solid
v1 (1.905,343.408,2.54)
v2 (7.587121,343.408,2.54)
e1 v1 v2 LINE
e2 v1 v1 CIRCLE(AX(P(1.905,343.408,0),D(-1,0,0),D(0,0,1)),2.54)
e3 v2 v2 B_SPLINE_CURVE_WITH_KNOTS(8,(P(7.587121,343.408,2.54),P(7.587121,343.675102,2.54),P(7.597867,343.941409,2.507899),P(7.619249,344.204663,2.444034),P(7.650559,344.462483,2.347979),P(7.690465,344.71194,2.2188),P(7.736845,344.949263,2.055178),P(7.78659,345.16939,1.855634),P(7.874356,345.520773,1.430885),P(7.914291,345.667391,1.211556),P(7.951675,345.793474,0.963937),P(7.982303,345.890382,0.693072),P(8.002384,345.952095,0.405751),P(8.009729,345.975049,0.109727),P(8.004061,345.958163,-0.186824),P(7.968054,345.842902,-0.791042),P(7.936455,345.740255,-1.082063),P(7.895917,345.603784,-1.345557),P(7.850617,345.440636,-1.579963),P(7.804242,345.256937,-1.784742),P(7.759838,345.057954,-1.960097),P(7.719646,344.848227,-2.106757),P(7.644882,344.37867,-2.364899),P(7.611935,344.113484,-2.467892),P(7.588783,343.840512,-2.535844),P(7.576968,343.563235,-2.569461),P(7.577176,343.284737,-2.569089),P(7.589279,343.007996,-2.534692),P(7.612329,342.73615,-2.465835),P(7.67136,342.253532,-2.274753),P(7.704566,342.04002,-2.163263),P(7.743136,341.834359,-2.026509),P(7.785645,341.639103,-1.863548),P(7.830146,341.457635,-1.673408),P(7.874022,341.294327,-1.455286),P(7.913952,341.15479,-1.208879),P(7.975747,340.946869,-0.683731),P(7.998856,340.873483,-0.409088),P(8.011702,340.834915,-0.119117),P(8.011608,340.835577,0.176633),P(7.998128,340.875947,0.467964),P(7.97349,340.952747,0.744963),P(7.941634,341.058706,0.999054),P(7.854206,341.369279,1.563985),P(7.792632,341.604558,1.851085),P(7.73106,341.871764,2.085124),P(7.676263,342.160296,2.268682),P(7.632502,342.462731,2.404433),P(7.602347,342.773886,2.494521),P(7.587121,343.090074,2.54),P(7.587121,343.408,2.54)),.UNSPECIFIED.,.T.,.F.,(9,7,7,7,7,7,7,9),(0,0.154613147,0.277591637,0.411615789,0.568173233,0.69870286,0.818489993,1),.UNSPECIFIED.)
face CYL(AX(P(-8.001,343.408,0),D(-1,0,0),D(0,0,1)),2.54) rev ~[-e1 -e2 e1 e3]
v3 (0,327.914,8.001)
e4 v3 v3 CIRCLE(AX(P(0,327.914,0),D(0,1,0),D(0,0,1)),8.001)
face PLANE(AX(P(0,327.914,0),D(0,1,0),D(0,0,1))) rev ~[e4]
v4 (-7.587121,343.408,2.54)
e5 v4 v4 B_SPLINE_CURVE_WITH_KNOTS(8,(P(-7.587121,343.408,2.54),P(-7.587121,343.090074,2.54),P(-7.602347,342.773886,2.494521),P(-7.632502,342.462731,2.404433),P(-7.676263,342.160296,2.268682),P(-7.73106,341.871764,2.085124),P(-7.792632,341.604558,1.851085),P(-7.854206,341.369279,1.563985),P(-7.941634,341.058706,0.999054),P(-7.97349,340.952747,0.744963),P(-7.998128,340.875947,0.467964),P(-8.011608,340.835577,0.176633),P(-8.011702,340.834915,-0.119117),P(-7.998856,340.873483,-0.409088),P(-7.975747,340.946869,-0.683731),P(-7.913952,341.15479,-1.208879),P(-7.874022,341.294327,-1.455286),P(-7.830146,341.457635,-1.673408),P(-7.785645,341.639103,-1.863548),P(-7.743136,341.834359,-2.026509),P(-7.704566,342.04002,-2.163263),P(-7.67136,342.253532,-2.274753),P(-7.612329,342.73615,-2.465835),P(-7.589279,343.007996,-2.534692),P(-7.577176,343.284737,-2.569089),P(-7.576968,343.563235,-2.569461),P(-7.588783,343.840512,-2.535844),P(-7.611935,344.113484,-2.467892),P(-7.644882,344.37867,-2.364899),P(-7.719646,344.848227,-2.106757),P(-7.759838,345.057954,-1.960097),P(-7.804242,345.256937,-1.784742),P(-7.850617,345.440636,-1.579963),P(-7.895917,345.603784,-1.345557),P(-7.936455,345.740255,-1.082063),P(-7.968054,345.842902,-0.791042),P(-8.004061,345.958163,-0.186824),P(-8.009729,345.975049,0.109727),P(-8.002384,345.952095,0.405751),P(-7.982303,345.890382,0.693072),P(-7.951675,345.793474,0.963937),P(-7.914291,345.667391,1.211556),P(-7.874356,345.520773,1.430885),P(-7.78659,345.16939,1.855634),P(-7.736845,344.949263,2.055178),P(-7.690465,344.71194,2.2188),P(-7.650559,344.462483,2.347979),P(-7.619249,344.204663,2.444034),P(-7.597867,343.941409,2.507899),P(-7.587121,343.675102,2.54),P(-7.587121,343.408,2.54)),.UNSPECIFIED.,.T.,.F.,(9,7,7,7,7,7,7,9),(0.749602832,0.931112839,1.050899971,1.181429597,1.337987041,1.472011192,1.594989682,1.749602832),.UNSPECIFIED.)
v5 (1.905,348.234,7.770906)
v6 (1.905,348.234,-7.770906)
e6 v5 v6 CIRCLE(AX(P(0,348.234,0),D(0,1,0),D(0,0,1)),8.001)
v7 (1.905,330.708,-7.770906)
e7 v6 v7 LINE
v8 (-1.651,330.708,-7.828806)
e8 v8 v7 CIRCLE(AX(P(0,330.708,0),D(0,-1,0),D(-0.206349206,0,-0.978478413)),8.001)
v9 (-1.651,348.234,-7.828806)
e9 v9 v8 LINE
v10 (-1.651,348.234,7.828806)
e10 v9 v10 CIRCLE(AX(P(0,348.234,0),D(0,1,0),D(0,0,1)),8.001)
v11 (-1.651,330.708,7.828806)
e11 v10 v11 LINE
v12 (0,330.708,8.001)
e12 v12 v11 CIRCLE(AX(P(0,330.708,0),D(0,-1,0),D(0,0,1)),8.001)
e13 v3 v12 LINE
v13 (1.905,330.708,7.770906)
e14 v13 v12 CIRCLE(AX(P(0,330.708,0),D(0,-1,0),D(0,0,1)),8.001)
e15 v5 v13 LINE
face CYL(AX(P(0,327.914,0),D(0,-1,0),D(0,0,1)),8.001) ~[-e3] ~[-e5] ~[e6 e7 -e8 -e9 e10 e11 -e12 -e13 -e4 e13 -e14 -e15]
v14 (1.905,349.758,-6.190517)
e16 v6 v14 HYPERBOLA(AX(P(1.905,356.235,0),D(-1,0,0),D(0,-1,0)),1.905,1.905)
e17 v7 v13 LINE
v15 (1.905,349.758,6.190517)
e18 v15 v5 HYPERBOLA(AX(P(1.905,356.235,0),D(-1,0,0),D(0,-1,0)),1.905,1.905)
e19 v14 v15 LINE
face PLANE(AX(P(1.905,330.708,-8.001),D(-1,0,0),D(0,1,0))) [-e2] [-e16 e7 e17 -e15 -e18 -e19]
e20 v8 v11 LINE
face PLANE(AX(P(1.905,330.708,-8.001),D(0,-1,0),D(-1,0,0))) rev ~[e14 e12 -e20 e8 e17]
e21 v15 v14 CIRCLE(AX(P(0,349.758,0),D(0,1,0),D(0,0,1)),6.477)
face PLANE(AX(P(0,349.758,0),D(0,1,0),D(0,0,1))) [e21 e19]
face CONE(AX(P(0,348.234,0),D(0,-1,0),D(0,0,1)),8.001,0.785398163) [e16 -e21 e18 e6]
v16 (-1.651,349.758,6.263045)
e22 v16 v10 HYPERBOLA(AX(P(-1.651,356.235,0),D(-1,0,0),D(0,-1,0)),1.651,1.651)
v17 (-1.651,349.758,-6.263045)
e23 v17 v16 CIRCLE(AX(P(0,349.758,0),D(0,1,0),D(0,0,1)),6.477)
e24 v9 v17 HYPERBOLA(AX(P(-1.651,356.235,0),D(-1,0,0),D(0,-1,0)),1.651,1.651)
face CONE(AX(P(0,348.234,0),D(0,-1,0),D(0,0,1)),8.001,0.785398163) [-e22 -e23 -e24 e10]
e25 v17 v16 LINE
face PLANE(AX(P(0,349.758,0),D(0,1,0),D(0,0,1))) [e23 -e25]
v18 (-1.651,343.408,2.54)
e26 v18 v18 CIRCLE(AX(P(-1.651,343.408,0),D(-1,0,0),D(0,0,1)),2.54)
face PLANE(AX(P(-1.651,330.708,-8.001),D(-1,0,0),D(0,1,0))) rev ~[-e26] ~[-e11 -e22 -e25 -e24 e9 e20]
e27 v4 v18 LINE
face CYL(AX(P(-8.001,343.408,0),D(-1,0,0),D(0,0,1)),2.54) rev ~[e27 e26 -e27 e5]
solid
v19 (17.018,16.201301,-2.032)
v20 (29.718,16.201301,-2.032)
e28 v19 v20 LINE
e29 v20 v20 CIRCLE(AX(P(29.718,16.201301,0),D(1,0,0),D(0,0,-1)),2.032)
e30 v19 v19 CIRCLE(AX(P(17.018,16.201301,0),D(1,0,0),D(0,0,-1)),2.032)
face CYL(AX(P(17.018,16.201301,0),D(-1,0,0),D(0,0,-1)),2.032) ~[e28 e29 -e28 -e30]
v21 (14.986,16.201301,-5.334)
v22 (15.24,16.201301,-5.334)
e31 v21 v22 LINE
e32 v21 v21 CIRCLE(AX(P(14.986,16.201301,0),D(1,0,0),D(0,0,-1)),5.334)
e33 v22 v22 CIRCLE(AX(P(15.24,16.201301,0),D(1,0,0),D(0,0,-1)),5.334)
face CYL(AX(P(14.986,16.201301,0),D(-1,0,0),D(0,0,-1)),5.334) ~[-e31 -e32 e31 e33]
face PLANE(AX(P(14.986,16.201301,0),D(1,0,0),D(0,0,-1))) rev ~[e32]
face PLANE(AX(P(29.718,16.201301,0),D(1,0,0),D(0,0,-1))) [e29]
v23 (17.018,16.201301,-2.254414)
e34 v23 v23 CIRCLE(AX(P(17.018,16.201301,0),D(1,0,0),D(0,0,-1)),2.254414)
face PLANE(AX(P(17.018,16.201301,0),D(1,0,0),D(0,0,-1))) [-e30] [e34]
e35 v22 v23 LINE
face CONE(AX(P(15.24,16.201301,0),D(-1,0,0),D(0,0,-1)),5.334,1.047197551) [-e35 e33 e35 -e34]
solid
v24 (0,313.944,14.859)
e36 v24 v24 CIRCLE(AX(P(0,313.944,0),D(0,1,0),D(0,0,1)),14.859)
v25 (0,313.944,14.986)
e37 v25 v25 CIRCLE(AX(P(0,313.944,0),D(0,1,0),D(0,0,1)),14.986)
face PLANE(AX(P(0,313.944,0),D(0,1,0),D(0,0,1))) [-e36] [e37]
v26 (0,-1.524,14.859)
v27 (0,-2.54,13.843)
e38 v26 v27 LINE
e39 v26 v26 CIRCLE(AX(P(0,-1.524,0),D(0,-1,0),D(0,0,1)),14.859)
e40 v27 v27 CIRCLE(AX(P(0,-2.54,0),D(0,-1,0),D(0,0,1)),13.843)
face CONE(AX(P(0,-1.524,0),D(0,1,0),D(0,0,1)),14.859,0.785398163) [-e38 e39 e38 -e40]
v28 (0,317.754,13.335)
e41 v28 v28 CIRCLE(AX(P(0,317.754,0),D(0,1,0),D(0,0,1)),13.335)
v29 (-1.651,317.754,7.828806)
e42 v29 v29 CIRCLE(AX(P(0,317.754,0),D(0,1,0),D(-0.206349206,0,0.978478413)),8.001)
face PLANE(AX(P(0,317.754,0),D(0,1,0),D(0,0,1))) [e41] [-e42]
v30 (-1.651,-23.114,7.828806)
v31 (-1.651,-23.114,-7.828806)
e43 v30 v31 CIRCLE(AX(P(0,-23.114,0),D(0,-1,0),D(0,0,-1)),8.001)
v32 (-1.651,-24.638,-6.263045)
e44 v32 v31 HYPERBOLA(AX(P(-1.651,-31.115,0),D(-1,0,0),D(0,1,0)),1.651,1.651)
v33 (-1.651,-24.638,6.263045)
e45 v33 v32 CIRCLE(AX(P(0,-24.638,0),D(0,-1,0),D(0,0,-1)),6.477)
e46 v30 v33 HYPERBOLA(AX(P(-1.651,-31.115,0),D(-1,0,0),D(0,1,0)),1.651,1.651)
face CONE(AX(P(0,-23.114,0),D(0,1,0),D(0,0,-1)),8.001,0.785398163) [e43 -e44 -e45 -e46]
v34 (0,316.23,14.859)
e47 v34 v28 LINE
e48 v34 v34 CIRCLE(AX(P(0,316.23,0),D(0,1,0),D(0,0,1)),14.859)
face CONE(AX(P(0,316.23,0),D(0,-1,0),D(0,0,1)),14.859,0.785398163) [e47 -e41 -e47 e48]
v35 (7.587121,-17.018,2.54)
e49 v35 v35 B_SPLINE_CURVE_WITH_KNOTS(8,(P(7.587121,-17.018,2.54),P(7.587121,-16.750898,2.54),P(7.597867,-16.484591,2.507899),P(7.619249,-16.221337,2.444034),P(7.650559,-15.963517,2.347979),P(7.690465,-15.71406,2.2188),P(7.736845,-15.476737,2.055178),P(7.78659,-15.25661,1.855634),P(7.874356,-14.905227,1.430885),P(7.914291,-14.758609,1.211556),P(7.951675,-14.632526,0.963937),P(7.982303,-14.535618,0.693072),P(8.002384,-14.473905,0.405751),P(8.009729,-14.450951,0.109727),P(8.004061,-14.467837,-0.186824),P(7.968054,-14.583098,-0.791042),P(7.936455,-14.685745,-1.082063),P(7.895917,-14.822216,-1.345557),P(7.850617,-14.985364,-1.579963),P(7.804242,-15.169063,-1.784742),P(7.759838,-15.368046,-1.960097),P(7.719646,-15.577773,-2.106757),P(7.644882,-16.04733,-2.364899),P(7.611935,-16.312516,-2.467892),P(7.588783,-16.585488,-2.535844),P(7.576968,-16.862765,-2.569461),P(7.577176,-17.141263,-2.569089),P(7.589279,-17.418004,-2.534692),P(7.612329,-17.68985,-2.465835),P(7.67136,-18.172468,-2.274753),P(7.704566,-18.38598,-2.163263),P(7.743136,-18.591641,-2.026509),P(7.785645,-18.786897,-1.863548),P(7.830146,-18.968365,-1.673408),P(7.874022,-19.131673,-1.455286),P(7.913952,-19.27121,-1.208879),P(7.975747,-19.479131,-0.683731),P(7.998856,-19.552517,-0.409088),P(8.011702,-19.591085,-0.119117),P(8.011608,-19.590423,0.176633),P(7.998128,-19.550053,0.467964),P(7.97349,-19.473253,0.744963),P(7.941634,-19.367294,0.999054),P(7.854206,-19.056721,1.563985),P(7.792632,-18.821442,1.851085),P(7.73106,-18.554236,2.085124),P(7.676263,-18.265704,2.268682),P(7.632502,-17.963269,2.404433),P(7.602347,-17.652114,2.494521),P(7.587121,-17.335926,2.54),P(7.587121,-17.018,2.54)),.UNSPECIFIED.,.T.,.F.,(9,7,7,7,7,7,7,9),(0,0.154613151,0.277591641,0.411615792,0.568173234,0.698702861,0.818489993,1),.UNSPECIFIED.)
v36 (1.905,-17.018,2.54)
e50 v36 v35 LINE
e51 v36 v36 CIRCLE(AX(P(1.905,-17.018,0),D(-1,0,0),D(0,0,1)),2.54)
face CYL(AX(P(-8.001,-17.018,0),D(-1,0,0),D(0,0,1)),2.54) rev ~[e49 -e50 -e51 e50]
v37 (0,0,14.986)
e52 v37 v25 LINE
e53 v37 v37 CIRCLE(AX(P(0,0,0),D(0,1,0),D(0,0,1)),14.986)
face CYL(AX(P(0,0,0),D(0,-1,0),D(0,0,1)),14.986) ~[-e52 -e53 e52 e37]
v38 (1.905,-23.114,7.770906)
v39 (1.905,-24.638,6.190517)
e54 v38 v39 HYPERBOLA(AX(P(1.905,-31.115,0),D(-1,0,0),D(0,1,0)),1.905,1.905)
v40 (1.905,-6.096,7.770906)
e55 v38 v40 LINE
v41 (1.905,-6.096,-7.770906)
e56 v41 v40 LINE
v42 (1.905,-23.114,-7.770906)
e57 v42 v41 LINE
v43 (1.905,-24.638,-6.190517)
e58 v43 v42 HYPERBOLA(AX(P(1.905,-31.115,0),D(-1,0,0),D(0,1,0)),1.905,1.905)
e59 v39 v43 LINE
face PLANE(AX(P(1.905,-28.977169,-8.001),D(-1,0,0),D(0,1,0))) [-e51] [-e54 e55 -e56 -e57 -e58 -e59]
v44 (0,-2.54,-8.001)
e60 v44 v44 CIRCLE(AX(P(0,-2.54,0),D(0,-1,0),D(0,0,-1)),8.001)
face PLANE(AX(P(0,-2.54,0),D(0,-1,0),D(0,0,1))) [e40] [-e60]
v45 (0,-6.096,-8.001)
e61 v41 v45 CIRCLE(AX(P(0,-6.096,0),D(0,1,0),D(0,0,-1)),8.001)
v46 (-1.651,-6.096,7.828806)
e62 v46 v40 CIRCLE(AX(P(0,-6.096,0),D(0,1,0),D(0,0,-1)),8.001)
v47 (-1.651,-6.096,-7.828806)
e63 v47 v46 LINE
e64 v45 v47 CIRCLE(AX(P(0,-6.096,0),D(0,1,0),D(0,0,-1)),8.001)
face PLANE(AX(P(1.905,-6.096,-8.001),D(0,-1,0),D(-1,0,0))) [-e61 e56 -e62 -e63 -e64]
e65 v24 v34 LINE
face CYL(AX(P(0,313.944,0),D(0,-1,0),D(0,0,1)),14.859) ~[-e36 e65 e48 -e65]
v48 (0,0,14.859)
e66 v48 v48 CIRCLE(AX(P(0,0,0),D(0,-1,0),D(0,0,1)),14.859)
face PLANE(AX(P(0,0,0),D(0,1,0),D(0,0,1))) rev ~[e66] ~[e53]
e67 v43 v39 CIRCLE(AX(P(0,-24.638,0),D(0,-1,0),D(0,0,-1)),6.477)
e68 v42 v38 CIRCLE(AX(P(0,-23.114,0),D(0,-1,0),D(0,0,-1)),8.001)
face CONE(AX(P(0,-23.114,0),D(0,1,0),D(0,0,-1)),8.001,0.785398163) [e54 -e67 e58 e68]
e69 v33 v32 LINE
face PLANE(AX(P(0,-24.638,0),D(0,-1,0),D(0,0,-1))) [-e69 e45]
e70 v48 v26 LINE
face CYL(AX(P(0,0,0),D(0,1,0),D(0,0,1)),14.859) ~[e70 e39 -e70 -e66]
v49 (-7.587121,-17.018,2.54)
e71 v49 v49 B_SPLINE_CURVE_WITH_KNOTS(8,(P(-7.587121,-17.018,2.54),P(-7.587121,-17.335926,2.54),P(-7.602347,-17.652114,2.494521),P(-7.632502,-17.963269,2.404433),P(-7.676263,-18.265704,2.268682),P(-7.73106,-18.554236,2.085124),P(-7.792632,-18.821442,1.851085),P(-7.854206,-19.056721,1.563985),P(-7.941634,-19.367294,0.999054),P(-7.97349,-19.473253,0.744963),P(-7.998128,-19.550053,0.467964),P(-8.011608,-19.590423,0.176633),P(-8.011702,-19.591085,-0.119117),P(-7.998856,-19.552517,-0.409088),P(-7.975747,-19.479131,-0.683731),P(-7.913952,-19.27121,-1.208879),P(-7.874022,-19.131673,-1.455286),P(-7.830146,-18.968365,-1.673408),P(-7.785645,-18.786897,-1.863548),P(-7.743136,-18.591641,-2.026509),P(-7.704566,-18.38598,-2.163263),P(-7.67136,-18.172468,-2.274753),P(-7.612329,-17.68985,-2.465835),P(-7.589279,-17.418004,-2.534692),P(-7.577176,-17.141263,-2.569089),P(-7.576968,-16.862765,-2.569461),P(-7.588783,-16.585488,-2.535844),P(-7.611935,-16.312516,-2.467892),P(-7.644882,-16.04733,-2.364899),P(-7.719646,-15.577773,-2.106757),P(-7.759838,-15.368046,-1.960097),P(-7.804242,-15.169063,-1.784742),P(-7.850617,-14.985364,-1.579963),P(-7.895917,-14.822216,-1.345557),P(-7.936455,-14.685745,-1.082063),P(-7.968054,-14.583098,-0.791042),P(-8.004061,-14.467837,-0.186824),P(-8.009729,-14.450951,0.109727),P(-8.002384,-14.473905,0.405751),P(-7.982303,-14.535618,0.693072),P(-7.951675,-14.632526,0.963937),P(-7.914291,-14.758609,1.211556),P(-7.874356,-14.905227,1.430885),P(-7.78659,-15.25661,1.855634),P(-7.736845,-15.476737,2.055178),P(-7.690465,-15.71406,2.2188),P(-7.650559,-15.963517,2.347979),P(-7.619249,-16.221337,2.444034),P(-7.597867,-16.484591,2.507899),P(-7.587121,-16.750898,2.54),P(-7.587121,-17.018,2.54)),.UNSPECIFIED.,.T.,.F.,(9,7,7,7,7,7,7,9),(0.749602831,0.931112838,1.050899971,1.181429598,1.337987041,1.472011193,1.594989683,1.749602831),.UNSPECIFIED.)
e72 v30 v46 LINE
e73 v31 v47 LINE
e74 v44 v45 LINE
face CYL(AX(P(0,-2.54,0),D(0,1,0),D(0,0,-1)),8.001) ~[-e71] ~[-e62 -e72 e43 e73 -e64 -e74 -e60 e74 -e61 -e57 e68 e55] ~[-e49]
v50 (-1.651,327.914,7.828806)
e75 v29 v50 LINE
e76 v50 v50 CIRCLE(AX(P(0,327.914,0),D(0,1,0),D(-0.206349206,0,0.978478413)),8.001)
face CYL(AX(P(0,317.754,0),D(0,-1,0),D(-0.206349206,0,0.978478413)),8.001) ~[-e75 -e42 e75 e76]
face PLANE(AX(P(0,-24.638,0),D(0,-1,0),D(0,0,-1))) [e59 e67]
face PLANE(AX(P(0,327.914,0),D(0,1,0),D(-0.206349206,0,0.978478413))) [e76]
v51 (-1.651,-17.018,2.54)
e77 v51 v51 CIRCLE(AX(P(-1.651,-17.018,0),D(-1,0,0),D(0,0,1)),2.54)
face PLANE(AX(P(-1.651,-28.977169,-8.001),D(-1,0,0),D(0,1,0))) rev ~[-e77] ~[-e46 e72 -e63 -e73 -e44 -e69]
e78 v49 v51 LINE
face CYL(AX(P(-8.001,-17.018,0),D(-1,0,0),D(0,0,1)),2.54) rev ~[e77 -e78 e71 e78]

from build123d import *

# Parameters (mm, degrees)
SKETCH1_R           = 14.986
BOSS_EXTRUDE1_DEPTH = 313.944
SKETCH2_R           = 14.859
BOSS_EXTRUDE2_DEPTH = 2.54
CHAMFER1_SIZE       = 1.016
SKETCH3_R           = 8.001
BOSS_EXTRUDE3_DEPTH = 22.098
CHAMFER2_SIZE       = 1.524
SKETCH4_R           = 2.54
CUT_EXTRUDE1_DEPTH  = 21.59
SKETCH5_W           = 3.556
SKETCH5_H           = 22.881169146
CUT_EXTRUDE2_DEPTH  = 21.59
SKETCH6_R           = 5.334
BOSS_EXTRUDE4_DEPTH = 2.032
CHAMFER3_SIZE       = 1.778
CHAMFER3_SIZE2      = 3.079586336
SKETCH7_R           = 2.032
BOSS_EXTRUDE5_DEPTH = 12.7
SKETCH8_R           = 14.859
BOSS_EXTRUDE6_DEPTH = 3.81
CHAMFER4_SIZE       = 1.524
SKETCH9_R           = 8.001
BOSS_EXTRUDE7_DEPTH = 10.16
SKETCH10_R          = 8.001
BOSS_EXTRUDE8_DEPTH = 21.844
CHAMFER5_SIZE       = 1.524
SKETCH11_R          = 2.54
CUT_EXTRUDE3_DEPTH  = 21.844
SKETCH12_W          = 3.556
SKETCH12_H          = 19.05
CUT_EXTRUDE4_DEPTH  = 21.844


with BuildPart() as part:
    # Sketch1 → Boss-Extrude1 (new body)
    with BuildSketch(Plane(origin=(0, 0, 0), x_dir=(1, 0, 0), z_dir=(0, 1, 0))):
        with Locations(Location((0, 0, 0), (0, 0, 270))):  # turned: the seam where the file's is
            Circle(SKETCH1_R)
    extrude(amount=BOSS_EXTRUDE1_DEPTH)

    # Sketch2 → Boss-Extrude2 (add)
    with BuildSketch(Plane.XZ):
        with Locations(Location((0, 0, 0), (0, 0, 90))):  # turned: the seam where the file's is
            Circle(SKETCH2_R)
    extrude(amount=BOSS_EXTRUDE2_DEPTH)

    # Chamfer1
    chamfer1_edges = [part.edges().sort_by_distance(p)[0] for p in [
        (0, -2.54, -14.859),
    ]]
    chamfer(chamfer1_edges, length=CHAMFER1_SIZE)

    # Sketch3 → Boss-Extrude3 (add)
    with BuildSketch(Plane.XZ.offset(2.54)):
        with Locations(Location((0, 0, 0), (0, 0, 270))):  # turned: the seam where the file's is
            Circle(SKETCH3_R)
    extrude(amount=BOSS_EXTRUDE3_DEPTH)

    # Chamfer2
    chamfer2_edges = [part.edges().sort_by_distance(p)[0] for p in [
        (0, -24.638, 8.001),
    ]]
    chamfer(chamfer2_edges, length=CHAMFER2_SIZE)

    # Sketch4 → Cut-Extrude1 (cut)
    with BuildSketch(Plane.ZY.offset(8.001)):
        with Locations((0, -17.018)):
            Circle(SKETCH4_R)
    extrude(amount=-CUT_EXTRUDE1_DEPTH, mode=Mode.SUBTRACT)

    # Sketch5 → Cut-Extrude2 (cut)
    with BuildSketch(Plane(origin=(0, 0, -8.001), x_dir=(-1, 0, 0), z_dir=(0, 0, -1))):
        with Locations((-0.127, -17.536584573)):
            Rectangle(SKETCH5_W, SKETCH5_H)
    extrude(amount=-CUT_EXTRUDE2_DEPTH, mode=Mode.SUBTRACT)

    # Sketch8 → Boss-Extrude6 (add)
    with BuildSketch(Plane(origin=(0, 313.944, 0), x_dir=(1, 0, 0), z_dir=(0, 1, 0))):
        with Locations(Location((0, 0, 0), (0, 0, 270))):  # turned: the seam where the file's is
            Circle(SKETCH8_R)
    extrude(amount=BOSS_EXTRUDE6_DEPTH)

    # Chamfer4
    chamfer4_edges = [part.edges().sort_by_distance(p)[0] for p in [
        (0, 317.754, -14.859),
    ]]
    chamfer(chamfer4_edges, length=CHAMFER4_SIZE)

    # Sketch9 → Boss-Extrude7 (add)
    with BuildSketch(Plane(origin=(0, 317.754, 0), x_dir=(1, 0, 0), z_dir=(0, 1, 0))):
        with Locations(Location((0, 0, 0), (0, 0, 258.091508286))):  # turned: the seam where the file's is
            Circle(SKETCH9_R)
    extrude(amount=BOSS_EXTRUDE7_DEPTH)


with BuildPart() as body_2:
    # Sketch6 → Boss-Extrude4 (new body)
    with BuildSketch(Plane(origin=(14.986, 0, 0), x_dir=(0, 0, -1), z_dir=(1, 0, 0))):
        with Locations((0, 16.201300922)):
            Circle(SKETCH6_R)
    extrude(amount=BOSS_EXTRUDE4_DEPTH)

    # Chamfer3
    chamfer3_edges = [body_2.edges().sort_by_distance(p)[0] for p in [
        (17.018, 16.201300922, 5.334),
    ]]
    chamfer3_side = [body_2.faces().sort_by_distance(p)[0] for p in [
        (16.002, 16.201300922, 5.334),
    ]]
    chamfer(chamfer3_edges, length=CHAMFER3_SIZE, length2=CHAMFER3_SIZE2, reference=chamfer3_side[0])

    # Sketch7 → Boss-Extrude5 (add)
    with BuildSketch(Plane(origin=(17.018, 0, 0), x_dir=(0, 0, -1), z_dir=(1, 0, 0))):
        with Locations((0, 16.201300922)):
            Circle(SKETCH7_R)
    extrude(amount=BOSS_EXTRUDE5_DEPTH)


with BuildPart() as body_3:
    # Sketch10 → Boss-Extrude8 (new body)
    with BuildSketch(Plane(origin=(0, 327.914, 0), x_dir=(1, 0, 0), z_dir=(0, 1, 0))):
        with Locations(Location((0, 0, 0), (0, 0, 270))):  # turned: the seam where the file's is
            Circle(SKETCH10_R)
    extrude(amount=BOSS_EXTRUDE8_DEPTH)

    # Chamfer5
    chamfer5_edges = [body_3.edges().sort_by_distance(p)[0] for p in [
        (0, 349.758, -8.001),
    ]]
    chamfer(chamfer5_edges, length=CHAMFER5_SIZE)

    # Sketch11 → Cut-Extrude3 (cut)
    with BuildSketch(Plane.ZY.offset(8.001)):
        with Locations((0, 343.408)):
            Circle(SKETCH11_R)
    extrude(amount=-CUT_EXTRUDE3_DEPTH, mode=Mode.SUBTRACT)

    # Sketch12 → Cut-Extrude4 (cut)
    with BuildSketch(Plane(origin=(0, 0, -8.001), x_dir=(-1, 0, 0), z_dir=(0, 0, -1))):
        with Locations((-0.127, 340.233)):
            Rectangle(SKETCH12_W, SKETCH12_H)
    extrude(amount=-CUT_EXTRUDE4_DEPTH, mode=Mode.SUBTRACT)


solid = Compound([part.part, body_2.part, body_3.part])
